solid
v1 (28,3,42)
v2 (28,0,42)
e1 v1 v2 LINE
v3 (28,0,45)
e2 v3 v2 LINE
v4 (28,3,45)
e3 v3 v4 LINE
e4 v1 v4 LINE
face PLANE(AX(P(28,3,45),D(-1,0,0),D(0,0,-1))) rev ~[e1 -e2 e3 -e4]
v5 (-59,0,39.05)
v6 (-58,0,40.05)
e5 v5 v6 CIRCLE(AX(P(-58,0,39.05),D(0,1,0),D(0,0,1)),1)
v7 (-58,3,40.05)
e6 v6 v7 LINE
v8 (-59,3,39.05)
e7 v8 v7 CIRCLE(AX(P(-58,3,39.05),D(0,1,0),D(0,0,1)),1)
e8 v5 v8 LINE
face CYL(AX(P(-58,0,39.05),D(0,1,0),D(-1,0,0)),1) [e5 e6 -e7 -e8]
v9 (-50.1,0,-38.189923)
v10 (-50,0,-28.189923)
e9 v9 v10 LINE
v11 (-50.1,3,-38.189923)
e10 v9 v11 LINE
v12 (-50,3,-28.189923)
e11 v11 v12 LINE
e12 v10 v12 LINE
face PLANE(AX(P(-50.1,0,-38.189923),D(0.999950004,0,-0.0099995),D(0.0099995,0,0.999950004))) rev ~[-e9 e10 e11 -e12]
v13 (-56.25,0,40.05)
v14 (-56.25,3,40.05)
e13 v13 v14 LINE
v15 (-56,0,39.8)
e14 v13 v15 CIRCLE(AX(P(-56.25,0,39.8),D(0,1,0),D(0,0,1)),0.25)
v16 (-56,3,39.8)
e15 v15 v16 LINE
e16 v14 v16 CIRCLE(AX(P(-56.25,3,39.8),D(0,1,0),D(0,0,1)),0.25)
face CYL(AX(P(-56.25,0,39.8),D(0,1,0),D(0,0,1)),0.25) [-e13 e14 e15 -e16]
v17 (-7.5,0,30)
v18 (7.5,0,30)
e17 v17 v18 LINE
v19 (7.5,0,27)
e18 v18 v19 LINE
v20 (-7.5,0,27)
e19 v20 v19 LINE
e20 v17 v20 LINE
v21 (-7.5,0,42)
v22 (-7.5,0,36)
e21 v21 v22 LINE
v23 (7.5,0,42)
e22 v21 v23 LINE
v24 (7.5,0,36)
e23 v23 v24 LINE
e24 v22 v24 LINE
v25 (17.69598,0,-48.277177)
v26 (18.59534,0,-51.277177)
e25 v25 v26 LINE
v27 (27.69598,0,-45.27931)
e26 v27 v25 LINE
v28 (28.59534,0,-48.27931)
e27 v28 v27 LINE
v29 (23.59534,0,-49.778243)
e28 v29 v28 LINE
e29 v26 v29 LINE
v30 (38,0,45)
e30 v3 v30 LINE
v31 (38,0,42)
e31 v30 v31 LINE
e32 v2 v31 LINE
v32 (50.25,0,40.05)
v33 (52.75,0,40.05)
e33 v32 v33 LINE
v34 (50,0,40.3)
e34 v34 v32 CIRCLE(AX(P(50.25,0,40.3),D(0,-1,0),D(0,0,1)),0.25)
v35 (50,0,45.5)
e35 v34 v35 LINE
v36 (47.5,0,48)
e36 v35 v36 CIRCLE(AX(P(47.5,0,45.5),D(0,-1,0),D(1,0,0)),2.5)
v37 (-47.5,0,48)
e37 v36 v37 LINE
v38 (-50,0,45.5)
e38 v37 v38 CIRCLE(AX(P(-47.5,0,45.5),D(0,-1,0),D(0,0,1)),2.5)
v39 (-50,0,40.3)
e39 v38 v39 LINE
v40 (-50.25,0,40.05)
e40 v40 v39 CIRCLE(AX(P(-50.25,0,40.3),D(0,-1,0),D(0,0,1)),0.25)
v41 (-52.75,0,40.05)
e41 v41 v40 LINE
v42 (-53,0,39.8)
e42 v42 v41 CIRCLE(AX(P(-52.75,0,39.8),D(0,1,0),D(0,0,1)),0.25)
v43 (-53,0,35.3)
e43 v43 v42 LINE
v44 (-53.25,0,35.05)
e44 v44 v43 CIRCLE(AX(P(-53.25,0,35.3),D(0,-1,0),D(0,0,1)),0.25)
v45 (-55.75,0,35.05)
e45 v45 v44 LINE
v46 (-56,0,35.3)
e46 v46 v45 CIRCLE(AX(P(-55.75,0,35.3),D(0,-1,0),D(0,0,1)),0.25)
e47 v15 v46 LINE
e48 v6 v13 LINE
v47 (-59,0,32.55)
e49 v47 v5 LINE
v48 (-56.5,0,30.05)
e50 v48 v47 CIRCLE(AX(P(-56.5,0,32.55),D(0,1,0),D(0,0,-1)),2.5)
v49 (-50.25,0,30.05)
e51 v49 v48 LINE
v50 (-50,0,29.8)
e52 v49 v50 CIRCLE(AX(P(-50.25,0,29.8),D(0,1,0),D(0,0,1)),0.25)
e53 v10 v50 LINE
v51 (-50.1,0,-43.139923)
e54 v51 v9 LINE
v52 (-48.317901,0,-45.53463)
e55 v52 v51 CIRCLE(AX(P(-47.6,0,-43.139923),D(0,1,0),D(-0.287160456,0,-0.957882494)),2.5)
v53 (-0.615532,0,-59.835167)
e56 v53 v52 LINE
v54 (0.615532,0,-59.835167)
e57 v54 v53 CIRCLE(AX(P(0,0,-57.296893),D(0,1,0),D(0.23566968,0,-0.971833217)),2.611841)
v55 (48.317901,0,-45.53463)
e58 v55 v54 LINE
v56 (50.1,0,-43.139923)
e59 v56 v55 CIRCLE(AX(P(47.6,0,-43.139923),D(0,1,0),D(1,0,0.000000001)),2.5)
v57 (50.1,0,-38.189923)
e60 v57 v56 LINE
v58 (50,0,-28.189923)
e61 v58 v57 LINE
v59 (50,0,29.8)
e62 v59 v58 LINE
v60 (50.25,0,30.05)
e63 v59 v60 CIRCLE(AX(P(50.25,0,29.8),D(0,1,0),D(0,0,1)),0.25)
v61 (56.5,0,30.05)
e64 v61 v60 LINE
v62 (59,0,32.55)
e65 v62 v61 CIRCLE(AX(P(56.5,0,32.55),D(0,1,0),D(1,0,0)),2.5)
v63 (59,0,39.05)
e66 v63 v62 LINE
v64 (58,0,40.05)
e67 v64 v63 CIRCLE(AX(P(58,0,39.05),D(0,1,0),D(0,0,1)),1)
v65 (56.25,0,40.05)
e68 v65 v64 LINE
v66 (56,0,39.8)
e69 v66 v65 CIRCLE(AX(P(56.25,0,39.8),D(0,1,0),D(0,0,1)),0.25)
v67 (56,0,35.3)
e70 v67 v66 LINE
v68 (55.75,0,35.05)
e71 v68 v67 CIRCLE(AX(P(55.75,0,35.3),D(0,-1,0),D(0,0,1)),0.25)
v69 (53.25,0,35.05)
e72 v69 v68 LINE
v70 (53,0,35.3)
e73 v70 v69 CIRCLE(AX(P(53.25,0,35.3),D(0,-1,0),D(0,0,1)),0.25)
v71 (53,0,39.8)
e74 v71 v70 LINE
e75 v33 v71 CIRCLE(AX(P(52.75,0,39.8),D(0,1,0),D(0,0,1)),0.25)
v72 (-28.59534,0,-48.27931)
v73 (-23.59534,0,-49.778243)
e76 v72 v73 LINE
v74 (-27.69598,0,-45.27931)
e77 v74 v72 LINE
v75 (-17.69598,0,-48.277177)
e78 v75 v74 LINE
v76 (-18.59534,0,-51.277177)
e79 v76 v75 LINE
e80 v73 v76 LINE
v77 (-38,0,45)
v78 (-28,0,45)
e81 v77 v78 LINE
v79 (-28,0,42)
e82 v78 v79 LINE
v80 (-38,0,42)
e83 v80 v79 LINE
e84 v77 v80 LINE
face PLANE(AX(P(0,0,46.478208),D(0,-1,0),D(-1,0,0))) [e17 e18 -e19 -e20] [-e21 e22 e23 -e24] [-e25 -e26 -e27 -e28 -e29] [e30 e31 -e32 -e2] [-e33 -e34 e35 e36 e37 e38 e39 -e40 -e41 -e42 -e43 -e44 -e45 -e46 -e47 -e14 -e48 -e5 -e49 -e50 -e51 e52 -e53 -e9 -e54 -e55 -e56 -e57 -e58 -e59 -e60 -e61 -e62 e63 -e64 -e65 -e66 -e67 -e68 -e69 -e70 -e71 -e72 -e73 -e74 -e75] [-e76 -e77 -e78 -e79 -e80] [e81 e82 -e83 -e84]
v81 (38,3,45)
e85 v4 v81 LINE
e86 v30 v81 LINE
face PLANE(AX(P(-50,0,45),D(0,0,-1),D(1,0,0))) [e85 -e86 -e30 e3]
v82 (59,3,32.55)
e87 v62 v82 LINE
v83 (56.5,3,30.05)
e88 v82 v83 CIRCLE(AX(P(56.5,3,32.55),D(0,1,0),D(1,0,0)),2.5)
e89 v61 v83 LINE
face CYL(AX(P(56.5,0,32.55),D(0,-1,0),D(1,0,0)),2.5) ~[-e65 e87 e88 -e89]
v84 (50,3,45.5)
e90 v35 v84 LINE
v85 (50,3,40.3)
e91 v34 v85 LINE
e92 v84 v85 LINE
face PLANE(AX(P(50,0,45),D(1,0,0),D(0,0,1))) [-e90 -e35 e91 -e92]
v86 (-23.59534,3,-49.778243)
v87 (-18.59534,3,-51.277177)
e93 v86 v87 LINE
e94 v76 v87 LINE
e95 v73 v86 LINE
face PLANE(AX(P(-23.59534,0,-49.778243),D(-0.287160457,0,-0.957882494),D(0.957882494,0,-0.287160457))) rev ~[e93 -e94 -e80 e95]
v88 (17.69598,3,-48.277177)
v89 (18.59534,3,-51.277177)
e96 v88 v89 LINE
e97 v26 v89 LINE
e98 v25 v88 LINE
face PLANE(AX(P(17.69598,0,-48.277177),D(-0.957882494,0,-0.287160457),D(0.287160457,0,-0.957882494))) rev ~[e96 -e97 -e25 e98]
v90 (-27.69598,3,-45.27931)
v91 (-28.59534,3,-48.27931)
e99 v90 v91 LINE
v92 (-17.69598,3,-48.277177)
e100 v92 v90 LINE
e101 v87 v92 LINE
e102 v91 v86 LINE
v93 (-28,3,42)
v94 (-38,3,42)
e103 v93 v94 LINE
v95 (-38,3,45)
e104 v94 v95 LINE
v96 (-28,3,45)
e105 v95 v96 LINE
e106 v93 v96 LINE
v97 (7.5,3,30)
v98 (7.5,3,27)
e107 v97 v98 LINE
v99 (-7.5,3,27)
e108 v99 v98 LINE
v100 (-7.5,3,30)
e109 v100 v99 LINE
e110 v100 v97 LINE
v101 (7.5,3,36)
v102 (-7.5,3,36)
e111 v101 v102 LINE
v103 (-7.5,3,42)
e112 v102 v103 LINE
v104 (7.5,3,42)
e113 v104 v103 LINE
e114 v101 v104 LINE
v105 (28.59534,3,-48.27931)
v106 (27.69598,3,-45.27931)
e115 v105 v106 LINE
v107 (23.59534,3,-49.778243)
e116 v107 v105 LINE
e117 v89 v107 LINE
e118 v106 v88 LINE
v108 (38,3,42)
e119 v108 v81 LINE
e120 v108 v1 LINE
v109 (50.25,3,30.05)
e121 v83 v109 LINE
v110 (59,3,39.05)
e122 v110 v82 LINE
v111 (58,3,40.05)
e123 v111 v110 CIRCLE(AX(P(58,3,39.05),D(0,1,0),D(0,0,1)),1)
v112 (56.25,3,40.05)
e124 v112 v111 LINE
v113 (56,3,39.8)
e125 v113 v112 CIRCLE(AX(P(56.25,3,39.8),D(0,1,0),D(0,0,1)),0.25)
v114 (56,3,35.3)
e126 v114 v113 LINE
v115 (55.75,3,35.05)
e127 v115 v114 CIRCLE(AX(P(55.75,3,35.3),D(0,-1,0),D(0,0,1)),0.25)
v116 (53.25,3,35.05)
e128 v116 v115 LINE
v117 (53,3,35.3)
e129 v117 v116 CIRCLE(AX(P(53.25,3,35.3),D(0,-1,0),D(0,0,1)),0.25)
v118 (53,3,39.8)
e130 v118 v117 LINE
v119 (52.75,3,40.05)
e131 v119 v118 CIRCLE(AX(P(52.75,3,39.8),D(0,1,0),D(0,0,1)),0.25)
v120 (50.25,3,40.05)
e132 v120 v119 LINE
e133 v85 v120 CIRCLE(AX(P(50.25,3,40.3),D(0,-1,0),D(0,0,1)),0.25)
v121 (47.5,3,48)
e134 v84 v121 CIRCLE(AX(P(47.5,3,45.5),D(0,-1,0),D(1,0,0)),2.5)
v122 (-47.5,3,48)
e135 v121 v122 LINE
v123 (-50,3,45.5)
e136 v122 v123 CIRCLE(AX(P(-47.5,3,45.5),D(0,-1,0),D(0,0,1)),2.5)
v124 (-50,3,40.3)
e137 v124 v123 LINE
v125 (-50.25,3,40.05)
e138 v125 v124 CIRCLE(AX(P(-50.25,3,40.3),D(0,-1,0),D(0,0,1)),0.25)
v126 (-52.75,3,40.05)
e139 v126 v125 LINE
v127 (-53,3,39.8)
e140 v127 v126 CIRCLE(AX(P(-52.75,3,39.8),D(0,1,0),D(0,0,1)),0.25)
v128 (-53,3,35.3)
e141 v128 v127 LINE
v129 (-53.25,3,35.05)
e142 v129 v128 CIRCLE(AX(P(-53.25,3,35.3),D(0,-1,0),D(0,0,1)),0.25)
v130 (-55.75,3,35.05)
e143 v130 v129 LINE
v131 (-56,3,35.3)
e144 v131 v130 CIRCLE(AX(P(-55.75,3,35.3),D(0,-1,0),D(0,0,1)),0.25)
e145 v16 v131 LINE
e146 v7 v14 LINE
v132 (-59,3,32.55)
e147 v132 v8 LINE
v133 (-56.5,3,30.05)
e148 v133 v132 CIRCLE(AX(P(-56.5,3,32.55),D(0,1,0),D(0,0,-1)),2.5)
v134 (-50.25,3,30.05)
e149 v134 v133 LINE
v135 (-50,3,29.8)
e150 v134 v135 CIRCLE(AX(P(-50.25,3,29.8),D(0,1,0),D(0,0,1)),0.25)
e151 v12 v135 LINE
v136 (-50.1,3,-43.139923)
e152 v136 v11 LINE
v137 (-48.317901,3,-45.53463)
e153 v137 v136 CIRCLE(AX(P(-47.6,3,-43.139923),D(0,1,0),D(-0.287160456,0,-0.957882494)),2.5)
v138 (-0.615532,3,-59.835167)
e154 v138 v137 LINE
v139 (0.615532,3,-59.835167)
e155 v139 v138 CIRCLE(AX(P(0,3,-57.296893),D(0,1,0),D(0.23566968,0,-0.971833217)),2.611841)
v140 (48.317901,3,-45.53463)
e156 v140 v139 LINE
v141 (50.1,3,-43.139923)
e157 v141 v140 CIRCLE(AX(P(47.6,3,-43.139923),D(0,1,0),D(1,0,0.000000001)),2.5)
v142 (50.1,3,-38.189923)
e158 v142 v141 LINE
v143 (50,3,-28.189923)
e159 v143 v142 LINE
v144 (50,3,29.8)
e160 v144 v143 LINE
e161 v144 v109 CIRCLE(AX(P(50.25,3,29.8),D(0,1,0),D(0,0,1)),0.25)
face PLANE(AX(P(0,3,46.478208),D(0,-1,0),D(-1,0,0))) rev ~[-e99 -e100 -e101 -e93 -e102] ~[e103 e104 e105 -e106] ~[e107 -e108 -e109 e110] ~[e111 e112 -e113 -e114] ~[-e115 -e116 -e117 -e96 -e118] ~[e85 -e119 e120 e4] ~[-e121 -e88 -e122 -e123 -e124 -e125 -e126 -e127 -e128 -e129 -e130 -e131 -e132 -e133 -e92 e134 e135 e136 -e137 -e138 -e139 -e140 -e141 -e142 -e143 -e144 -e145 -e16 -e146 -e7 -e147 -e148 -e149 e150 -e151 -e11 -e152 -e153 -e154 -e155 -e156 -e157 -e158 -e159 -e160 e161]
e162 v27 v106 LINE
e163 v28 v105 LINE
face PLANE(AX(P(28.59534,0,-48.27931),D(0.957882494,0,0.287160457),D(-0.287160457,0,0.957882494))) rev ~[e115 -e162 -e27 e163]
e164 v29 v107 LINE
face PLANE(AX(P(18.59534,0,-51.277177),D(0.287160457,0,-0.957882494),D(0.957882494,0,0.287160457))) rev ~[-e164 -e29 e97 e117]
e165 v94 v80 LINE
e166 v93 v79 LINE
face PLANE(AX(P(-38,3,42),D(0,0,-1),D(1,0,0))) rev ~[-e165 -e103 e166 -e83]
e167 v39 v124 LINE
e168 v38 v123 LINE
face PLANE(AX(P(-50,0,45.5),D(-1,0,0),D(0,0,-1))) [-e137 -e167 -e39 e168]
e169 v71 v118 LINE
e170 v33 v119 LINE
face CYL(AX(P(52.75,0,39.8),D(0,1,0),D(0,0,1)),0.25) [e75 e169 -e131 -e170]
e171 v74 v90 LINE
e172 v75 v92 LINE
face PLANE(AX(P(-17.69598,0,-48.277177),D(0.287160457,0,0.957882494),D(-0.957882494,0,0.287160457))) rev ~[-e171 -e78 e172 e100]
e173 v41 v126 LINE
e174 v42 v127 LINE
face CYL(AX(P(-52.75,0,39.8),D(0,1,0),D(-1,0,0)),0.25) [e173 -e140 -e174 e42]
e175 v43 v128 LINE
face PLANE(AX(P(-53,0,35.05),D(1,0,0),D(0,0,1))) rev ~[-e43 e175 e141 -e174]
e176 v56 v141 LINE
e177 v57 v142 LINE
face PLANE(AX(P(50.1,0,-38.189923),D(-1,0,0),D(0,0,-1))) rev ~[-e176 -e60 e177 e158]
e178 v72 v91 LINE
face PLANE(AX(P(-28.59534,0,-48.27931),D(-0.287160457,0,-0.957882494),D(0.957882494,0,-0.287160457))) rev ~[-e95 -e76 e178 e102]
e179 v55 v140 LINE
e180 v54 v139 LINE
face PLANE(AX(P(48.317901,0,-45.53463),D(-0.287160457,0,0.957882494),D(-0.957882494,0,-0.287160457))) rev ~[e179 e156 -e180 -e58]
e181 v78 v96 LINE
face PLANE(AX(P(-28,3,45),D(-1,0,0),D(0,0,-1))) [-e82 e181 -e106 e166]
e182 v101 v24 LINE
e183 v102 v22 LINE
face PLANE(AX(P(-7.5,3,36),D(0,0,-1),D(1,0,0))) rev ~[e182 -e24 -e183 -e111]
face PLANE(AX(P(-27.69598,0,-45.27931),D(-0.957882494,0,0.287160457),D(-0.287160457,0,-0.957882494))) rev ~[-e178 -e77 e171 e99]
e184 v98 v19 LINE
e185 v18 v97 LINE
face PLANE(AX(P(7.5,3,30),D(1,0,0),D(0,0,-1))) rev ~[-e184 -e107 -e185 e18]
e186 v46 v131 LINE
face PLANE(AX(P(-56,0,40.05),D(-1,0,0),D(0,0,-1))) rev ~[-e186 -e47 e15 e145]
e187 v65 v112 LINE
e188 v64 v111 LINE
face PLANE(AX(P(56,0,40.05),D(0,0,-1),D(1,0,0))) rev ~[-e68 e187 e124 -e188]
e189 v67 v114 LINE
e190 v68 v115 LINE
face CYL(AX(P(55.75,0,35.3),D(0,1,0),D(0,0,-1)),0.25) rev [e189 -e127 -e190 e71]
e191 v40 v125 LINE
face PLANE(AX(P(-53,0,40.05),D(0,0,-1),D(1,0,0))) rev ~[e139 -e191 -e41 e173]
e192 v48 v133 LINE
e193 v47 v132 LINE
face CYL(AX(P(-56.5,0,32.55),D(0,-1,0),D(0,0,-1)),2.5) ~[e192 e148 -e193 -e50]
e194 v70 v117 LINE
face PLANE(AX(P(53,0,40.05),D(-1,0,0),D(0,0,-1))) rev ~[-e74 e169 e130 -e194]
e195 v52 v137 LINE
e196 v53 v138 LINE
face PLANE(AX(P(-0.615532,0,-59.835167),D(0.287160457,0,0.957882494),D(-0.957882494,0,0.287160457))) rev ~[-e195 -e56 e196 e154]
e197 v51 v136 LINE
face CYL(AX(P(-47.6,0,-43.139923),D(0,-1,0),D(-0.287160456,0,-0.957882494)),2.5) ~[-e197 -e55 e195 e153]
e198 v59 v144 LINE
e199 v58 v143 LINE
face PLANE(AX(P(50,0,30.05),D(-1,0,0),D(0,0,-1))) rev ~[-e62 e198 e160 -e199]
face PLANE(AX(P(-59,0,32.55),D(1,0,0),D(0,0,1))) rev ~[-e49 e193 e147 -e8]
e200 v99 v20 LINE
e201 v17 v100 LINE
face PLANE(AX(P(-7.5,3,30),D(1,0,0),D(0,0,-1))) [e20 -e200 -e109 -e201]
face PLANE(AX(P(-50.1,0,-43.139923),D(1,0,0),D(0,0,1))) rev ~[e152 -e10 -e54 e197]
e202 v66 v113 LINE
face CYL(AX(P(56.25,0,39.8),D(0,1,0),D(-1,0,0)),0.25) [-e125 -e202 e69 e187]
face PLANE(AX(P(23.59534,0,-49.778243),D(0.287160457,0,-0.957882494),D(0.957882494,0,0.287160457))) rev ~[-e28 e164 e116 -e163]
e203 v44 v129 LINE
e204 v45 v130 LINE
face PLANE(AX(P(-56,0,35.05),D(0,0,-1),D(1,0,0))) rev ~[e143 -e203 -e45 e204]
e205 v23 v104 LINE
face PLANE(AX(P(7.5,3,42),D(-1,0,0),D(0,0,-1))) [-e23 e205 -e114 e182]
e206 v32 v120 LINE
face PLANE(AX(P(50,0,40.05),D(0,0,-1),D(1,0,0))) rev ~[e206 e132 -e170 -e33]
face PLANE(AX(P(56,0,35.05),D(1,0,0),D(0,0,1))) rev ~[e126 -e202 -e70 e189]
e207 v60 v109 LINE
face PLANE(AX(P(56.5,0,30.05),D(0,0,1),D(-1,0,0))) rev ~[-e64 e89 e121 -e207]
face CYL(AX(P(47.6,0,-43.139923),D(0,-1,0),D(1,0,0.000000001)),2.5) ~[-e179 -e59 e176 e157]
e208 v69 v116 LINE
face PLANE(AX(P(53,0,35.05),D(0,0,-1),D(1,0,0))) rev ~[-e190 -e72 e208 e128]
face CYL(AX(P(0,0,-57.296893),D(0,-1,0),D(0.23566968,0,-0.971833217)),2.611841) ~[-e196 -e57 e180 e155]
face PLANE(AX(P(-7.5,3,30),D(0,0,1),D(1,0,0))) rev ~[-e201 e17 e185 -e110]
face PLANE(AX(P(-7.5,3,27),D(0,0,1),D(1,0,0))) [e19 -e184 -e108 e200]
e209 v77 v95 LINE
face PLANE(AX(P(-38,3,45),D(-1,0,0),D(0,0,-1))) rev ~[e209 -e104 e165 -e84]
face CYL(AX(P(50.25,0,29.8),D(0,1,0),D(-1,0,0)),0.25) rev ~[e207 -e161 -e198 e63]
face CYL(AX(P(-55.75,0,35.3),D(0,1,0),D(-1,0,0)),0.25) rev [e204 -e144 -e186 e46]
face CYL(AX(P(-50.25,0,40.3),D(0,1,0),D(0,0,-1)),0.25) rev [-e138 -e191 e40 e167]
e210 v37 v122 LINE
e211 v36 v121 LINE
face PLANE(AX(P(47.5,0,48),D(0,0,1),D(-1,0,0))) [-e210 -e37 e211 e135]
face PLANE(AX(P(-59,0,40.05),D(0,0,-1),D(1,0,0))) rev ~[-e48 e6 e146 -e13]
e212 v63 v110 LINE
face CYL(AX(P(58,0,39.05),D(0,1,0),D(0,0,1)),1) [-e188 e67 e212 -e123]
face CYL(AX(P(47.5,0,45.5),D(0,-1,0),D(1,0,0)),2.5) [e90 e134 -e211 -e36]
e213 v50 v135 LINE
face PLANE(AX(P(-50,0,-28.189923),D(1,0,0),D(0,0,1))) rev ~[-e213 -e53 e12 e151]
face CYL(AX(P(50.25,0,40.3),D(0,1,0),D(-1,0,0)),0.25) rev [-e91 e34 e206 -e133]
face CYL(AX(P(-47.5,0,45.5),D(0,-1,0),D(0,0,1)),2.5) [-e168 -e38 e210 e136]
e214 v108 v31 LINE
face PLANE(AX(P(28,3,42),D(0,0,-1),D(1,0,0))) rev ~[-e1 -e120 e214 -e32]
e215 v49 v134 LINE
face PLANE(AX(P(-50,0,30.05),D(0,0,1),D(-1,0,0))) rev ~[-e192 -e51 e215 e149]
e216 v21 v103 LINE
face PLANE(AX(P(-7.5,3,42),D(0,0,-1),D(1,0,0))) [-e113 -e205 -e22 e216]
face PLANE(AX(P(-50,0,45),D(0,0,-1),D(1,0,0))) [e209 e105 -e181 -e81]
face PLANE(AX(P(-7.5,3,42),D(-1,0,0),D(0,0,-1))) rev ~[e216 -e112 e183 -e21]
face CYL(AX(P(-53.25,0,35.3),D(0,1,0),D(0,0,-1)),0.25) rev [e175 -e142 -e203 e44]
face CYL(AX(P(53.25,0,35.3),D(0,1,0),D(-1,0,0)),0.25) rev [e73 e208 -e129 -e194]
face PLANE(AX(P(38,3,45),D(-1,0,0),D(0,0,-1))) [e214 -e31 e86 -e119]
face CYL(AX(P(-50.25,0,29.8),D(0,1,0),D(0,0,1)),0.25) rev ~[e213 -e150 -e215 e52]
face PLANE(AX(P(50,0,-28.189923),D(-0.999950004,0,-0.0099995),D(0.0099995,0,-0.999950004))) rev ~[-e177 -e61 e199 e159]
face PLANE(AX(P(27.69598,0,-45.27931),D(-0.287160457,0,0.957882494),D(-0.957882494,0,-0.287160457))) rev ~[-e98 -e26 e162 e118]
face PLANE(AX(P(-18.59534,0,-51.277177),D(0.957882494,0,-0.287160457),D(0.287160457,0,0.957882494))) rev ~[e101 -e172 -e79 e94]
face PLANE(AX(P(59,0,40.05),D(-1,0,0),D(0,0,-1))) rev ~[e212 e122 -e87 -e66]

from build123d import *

# Parameters (mm, degrees)
SALIENTE_EXTRUIR1_DEPTH = 3
CROQUIS4_W              = 15
CROQUIS4_H              = 6
CROQUIS4_W_2            = 10
CROQUIS4_H_2            = 3
CORTAR_EXTRUIR1_DEPTH   = 3
SALIENTE_EXTRUIR2_DEPTH = 3
REDONDEO1_R             = 1
REDONDEO2_R             = 0.25


with BuildPart() as part:
    # Croquis3 → Saliente-Extruir1 (new body)
    with BuildSketch(Plane(origin=(0, 0, 0), x_dir=(1, 0, 0), z_dir=(0, 1, 0))):
        with BuildLine():
            Line((-50, -45), (50, -45))
            Line((50, -45), (50, -40.05))
            Line((50, -40.05), (53, -40.05))
            Line((53, -40.05), (53, -35.05))
            Line((53, -35.05), (56, -35.05))
            Line((56, -35.05), (56, -40.05))
            Line((56, -40.05), (59, -40.05))
            Line((59, -40.05), (59, -32.55))
            ThreePointArc((59, -32.55), (58.267766953, -30.782233047), (56.5, -30.05))
            Line((56.5, -30.05), (50, -30.05))
            Line((50, -30.05), (50, 28.189923373))
            Line((50, 28.189923373), (50.1, 38.189923373))
            Line((50.1, 38.189923373), (50.1, 43.139923373))
            ThreePointArc((50.1, 43.139923373), (49.605586306, 44.632445926), (48.317901143, 45.534629607))
            Line((48.317901143, 45.534629607), (0.615531773, 59.835166775))
            ThreePointArc((0.615531773, 59.835166775), (0, 59.908733938), (-0.615531773, 59.835166775))
            Line((-0.615531773, 59.835166775), (-48.317901143, 45.534629607))
            ThreePointArc((-48.317901143, 45.534629607), (-49.605586306, 44.632445926), (-50.1, 43.139923373))
            Line((-50.1, 43.139923373), (-50.1, 38.189923373))
            Line((-50.1, 38.189923373), (-50, 28.189923373))
            Line((-50, 28.189923373), (-50, -30.05))
            Line((-50, -30.05), (-56.5, -30.05))
            ThreePointArc((-56.5, -30.05), (-58.267766953, -30.782233047), (-59, -32.55))
            Line((-59, -32.55), (-59, -40.05))
            Line((-59, -40.05), (-56, -40.05))
            Line((-56, -40.05), (-56, -35.05))
            Line((-56, -35.05), (-53, -35.05))
            Line((-53, -35.05), (-53, -40.05))
            Line((-53, -40.05), (-50, -40.05))
            Line((-50, -40.05), (-50, -45))
        make_face()
        Polygon((-23.595339952, 49.778243466), (-18.595339952, 51.277177099), (-17.695979772, 48.277177099), (-27.695979772, 45.279309832), (-28.595339952, 48.279309832), align=None, mode=Mode.SUBTRACT)
        Polygon((28.595339952, 48.279309832), (27.695979772, 45.279309832), (17.695979772, 48.277177099), (18.595339952, 51.277177099), (23.595339952, 49.778243466), align=None, mode=Mode.SUBTRACT)
    extrude(amount=SALIENTE_EXTRUIR1_DEPTH)

    # Croquis4 → Cortar-Extruir1 (cut, symmetric)
    with BuildSketch(Plane(origin=(0, 3, 0), x_dir=(1, 0, 0), z_dir=(0, 1, 0))):
        with Locations((0, -39)):
            Rectangle(CROQUIS4_W, CROQUIS4_H)
        with Locations((-33, -43.5)):
            Rectangle(CROQUIS4_W_2, CROQUIS4_H_2)
        with Locations((33, -43.5)):
            Rectangle(CROQUIS4_W_2, CROQUIS4_H_2)
        with Locations((0, -28.5)):
            Rectangle(CROQUIS4_W, CROQUIS4_H_2)
    extrude(amount=CORTAR_EXTRUIR1_DEPTH, both=True, mode=Mode.SUBTRACT)

    # Croquis5 → Saliente-Extruir2 (add)
    with BuildSketch(Plane(origin=(0, 0, 0), x_dir=(1, 0, 0), z_dir=(0, 1, 0))):
        with BuildLine():
            Line((-50, -45), (50, -45))
            Line((50, -45), (50, -45.5))
            ThreePointArc((50, -45.5), (49.267766953, -47.267766953), (47.5, -48))
            Line((47.5, -48), (-47.5, -48))
            ThreePointArc((-47.5, -48), (-49.267766953, -47.267766953), (-50, -45.5))
            Line((-50, -45.5), (-50, -45))
        make_face()
    extrude(amount=SALIENTE_EXTRUIR2_DEPTH)

    # Redondeo1
    redondeo1_edges = [part.edges().sort_by_distance(p)[0] for p in [
        (-59, 1.5, 40.05),
        (59, 1.5, 40.05),
    ]]
    fillet(redondeo1_edges, radius=REDONDEO1_R)

    # Redondeo2
    redondeo2_edges = [part.edges().sort_by_distance(p)[0] for p in [
        (-50, 1.5, 40.05),
        (-53, 1.5, 40.05),
        (-53, 1.5, 35.05),
        (-56, 1.5, 35.05),
        (-56, 1.5, 40.05),
        (-50, 1.5, 30.05),
        (50, 1.5, 30.05),
        (56, 1.5, 40.05),
        (56, 1.5, 35.05),
        (53, 1.5, 35.05),
        (53, 1.5, 40.05),
        (50, 1.5, 40.05),
    ]]
    fillet(redondeo2_edges, radius=REDONDEO2_R)


solid = part.part
